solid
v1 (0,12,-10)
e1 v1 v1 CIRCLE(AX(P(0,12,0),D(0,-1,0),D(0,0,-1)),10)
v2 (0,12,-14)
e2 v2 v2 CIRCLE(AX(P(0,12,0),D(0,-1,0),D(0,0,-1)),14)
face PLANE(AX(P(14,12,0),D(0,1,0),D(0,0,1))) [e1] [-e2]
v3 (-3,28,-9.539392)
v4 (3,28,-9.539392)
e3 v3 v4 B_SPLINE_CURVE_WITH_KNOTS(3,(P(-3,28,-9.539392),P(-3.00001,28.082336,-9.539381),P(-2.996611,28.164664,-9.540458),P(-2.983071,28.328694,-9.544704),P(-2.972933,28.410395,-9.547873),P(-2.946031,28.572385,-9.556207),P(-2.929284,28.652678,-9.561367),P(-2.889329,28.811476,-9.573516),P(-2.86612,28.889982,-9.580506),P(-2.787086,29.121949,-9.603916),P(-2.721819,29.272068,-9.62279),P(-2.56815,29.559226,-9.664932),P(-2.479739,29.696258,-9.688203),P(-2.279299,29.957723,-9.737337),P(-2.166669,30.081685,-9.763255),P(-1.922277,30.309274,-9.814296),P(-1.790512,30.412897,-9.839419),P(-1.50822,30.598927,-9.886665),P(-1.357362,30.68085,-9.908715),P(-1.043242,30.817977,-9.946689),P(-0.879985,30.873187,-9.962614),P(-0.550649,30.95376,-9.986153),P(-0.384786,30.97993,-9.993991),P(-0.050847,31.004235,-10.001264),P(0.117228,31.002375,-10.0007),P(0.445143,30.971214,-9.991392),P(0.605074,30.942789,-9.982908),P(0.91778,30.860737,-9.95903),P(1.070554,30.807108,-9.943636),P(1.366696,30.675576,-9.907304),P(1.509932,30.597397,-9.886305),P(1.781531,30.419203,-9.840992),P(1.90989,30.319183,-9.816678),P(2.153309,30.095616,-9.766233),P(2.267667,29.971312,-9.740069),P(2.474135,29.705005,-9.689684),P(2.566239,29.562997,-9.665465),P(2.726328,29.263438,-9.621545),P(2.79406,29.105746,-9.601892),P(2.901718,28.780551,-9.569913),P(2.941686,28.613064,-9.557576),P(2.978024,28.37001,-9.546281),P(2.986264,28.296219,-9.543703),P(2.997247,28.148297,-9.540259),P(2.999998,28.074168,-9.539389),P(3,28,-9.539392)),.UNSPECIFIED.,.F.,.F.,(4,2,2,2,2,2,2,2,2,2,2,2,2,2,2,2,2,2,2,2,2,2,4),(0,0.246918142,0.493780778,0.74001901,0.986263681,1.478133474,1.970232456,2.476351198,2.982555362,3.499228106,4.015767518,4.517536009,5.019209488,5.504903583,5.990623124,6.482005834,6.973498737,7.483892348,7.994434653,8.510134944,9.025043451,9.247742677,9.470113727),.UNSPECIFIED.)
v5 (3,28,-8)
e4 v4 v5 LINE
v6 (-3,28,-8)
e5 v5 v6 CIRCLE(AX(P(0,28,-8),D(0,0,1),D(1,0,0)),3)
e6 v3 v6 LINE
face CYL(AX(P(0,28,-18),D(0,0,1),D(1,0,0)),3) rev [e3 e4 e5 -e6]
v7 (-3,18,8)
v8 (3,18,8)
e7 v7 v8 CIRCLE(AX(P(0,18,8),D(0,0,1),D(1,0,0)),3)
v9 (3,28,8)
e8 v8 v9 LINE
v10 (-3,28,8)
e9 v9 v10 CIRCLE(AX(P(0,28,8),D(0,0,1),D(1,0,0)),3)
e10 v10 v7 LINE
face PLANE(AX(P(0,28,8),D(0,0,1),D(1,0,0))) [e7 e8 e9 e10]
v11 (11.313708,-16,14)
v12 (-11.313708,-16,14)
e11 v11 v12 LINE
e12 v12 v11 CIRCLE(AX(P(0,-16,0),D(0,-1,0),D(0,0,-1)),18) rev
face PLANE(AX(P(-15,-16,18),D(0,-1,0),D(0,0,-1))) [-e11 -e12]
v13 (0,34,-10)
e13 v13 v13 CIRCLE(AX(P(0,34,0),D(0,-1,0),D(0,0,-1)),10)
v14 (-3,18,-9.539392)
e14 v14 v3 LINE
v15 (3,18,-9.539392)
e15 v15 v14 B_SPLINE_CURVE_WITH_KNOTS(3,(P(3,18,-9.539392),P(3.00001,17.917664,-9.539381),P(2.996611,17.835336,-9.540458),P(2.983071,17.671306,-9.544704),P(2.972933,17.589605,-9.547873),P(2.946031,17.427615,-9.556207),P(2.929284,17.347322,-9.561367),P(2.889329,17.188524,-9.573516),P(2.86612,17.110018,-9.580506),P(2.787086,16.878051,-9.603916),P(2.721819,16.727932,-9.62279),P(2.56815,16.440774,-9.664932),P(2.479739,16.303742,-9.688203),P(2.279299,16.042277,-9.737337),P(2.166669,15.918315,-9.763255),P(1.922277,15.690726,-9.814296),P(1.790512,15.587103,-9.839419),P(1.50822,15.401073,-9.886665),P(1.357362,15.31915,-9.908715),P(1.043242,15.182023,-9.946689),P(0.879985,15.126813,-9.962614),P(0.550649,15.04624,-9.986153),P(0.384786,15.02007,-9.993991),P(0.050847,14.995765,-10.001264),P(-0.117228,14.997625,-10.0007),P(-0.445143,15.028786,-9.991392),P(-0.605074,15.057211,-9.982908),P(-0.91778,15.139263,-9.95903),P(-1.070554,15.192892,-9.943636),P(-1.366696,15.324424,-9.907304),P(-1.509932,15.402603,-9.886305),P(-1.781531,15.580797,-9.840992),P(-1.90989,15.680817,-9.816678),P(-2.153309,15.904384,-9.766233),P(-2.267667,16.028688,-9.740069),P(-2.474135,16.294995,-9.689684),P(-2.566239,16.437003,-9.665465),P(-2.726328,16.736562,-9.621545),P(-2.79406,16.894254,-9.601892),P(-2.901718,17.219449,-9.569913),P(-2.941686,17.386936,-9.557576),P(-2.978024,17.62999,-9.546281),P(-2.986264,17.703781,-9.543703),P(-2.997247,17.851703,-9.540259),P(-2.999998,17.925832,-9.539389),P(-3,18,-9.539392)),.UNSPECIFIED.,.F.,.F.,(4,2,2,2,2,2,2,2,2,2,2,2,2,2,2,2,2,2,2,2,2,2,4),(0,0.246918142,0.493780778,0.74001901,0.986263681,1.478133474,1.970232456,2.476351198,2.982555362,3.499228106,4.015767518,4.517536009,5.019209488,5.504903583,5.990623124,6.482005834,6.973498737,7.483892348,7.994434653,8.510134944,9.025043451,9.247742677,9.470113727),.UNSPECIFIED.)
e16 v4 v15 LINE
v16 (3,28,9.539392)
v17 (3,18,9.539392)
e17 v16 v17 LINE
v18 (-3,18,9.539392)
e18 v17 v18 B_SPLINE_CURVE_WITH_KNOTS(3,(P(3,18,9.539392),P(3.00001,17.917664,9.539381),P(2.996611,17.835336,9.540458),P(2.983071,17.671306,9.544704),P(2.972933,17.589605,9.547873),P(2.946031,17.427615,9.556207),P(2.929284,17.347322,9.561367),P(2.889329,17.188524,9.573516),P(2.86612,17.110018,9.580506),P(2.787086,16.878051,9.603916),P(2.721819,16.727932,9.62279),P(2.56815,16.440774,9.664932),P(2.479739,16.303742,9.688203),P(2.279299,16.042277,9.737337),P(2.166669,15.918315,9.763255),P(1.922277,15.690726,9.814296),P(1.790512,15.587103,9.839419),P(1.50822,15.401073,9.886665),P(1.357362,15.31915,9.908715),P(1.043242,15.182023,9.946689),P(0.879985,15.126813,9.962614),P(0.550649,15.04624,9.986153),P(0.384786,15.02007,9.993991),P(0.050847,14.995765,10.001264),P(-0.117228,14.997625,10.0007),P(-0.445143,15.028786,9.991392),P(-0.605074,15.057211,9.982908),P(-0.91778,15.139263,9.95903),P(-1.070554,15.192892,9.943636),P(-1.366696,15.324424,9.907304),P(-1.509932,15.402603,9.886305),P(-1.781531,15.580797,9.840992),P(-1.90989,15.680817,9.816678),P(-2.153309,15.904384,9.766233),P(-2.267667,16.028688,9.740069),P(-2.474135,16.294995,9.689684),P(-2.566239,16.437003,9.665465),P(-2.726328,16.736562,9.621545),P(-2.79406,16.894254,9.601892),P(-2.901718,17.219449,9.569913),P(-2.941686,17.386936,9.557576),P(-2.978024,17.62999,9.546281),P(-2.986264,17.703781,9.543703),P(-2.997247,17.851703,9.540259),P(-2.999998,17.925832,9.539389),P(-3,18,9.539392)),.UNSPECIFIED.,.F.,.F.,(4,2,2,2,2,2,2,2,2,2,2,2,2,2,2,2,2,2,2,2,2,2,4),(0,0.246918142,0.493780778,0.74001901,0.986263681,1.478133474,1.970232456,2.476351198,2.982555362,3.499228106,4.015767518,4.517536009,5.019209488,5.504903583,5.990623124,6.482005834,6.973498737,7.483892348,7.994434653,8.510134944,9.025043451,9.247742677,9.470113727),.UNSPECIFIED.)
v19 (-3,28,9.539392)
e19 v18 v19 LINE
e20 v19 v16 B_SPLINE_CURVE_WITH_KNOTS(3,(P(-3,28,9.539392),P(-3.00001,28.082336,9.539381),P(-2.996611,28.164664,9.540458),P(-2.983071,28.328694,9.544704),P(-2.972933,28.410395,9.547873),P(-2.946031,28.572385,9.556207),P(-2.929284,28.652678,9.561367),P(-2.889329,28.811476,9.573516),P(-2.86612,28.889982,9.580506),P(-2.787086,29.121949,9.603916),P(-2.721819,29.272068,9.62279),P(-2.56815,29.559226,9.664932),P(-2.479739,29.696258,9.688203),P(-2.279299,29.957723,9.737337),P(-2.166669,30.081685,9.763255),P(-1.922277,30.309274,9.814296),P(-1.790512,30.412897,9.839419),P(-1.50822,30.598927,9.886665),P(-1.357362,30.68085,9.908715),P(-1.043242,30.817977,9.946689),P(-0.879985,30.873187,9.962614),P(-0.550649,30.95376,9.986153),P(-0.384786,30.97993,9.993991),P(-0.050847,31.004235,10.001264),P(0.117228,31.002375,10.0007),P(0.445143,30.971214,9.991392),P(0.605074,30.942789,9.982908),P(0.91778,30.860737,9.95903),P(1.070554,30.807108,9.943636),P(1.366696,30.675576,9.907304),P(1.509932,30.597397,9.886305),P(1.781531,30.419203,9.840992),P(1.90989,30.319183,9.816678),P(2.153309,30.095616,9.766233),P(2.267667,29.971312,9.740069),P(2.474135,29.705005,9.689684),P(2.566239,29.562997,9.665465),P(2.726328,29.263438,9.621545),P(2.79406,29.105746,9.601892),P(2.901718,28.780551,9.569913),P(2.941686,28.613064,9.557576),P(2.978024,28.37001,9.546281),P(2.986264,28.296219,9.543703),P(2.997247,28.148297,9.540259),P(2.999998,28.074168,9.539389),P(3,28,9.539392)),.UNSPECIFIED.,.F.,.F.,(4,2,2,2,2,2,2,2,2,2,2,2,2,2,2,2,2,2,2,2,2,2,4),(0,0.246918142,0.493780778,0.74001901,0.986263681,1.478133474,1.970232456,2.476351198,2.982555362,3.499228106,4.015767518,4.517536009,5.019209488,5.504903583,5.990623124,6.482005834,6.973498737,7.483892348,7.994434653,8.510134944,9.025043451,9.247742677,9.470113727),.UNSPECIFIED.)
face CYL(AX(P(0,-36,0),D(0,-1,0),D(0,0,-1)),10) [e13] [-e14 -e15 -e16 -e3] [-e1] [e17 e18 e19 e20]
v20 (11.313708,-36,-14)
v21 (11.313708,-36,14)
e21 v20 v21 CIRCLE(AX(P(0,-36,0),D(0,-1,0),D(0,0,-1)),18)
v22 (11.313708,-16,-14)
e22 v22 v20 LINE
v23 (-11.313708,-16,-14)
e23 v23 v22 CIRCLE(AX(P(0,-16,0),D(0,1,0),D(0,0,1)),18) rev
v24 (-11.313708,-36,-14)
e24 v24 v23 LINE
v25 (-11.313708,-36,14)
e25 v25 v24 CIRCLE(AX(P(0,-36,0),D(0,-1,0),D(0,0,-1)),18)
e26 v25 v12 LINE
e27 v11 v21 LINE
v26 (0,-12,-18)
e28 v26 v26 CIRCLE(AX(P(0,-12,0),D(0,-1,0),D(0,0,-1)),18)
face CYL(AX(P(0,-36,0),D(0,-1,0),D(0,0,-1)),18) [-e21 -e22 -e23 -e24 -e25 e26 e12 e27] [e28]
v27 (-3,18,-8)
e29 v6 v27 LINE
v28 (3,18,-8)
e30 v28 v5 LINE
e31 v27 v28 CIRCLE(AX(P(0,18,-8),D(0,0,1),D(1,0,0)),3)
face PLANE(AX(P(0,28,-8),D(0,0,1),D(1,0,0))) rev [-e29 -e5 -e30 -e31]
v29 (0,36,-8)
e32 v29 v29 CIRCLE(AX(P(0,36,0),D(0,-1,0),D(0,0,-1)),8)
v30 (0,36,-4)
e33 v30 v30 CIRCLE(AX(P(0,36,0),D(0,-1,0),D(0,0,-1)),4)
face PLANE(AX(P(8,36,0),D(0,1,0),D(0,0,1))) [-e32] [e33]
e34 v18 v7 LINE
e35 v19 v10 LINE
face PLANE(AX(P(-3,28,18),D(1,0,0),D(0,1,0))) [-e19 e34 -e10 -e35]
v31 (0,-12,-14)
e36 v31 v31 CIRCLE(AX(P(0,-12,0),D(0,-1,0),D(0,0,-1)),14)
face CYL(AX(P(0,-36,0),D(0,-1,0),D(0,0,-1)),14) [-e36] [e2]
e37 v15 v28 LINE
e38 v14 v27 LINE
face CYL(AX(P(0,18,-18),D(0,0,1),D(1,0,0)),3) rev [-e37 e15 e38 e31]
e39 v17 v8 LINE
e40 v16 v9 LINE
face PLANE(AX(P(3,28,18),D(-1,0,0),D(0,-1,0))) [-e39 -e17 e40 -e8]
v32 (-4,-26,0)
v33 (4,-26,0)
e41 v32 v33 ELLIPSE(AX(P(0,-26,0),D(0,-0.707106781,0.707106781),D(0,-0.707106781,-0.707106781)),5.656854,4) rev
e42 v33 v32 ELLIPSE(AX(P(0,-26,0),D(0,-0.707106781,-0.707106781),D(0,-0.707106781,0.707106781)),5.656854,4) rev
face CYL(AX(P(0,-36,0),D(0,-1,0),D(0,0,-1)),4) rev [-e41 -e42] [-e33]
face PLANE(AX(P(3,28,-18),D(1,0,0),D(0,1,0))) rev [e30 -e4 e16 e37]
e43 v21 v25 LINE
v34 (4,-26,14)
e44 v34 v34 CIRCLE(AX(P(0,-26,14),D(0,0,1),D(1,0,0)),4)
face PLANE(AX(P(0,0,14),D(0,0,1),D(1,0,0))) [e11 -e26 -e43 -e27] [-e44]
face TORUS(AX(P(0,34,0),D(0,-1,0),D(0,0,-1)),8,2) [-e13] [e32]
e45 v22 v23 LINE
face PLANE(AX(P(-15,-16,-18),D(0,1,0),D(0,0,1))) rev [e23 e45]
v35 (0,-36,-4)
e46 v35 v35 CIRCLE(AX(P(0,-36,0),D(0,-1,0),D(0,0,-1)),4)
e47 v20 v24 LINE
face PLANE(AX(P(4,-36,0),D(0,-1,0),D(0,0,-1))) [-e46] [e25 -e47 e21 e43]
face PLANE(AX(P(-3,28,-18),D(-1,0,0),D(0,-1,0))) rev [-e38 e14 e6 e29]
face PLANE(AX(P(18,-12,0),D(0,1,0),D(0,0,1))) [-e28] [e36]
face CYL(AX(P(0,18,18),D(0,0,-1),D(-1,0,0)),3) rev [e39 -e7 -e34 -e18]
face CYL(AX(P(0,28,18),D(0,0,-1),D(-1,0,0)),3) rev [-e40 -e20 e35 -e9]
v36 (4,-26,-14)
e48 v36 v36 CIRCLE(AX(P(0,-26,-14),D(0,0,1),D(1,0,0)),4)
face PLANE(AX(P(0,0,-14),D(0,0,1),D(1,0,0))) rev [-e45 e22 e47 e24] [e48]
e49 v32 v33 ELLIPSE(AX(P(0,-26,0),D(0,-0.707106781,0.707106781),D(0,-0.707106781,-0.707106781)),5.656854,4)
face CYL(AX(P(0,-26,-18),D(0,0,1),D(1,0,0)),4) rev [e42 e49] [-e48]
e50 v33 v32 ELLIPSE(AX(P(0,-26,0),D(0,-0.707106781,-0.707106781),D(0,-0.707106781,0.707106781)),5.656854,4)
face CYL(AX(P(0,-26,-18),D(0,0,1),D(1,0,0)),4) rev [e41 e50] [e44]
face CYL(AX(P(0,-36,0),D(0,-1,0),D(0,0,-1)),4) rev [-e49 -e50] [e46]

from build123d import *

# Parameters (mm, degrees)
CUT_EXTRUDE2_DEPTH      = 45.09081537
CUT_EXTRUDE2_DEPTH_BACK = 45.09081537
SKETCH2_R               = 4
CUT_EXTRUDE3_START      = -14
SKETCH2_4_W             = 30
SKETCH2_4_H             = 25.460379871
SKETCH2_4_R             = 4
CUT_EXTRUDE3_DEPTH      = 31.090815533
CUT_EXTRUDE4_START      = 14
SKETCH2_5_W             = 30
SKETCH2_5_H             = 25.460379871
SKETCH2_5_R             = 4
CUT_EXTRUDE4_DEPTH      = 31.090815533
CUT_EXTRUDE5_START      = -8
CUT_EXTRUDE5_DEPTH      = 10
CUT_EXTRUDE6_START      = 18
CUT_EXTRUDE6_DEPTH      = 10


with BuildPart() as part:
    # Sketch1 → Revolve1 (revolve)
    with BuildSketch(Plane.XY):
        with BuildLine():
            Line((18, -36), (18, -12))
            Line((18, -12), (14, -12))
            Line((14, -12), (14, 12))
            Line((14, 12), (10, 12))
            Line((10, 12), (10, 34))
            ThreePointArc((10, 34), (9.414213562, 35.414213562), (8, 36))
            Line((8, 36), (4, 36))
            Line((4, 36), (4, -36))
            Line((4, -36), (18, -36))
        make_face()
    revolve(axis=Axis((0, -36, 0), (0, 1, 0)))

    # Sketch2 → Cut-Extrude2 (cut, two sides: drawn at the far end of the back side and taken through both)
    with BuildSketch(Plane.XY.offset(-CUT_EXTRUDE2_DEPTH_BACK)):
        with Locations((0, -26)):
            Circle(SKETCH2_R)
    extrude(amount=CUT_EXTRUDE2_DEPTH + CUT_EXTRUDE2_DEPTH_BACK, mode=Mode.SUBTRACT)

    # Sketch2<4> → Cut-Extrude3 (cut, through all)
    with BuildSketch(Plane.XY.offset(CUT_EXTRUDE3_START)):
        with Locations((0, -28.730189936)):
            Rectangle(SKETCH2_4_W, SKETCH2_4_H)
        with Locations((0, -26)):
            Circle(SKETCH2_4_R, mode=Mode.SUBTRACT)
    extrude(amount=-CUT_EXTRUDE3_DEPTH, mode=Mode.SUBTRACT)

    # Sketch2<5> → Cut-Extrude4 (cut, through all)
    with BuildSketch(Plane.XY.offset(CUT_EXTRUDE4_START)):
        with Locations((0, -28.730189936)):
            Rectangle(SKETCH2_5_W, SKETCH2_5_H)
        with Locations((0, -26)):
            Circle(SKETCH2_5_R, mode=Mode.SUBTRACT)
    extrude(amount=CUT_EXTRUDE4_DEPTH, mode=Mode.SUBTRACT)

    # Sketch4 → Cut-Extrude5 (cut)
    with BuildSketch(Plane.XY.offset(CUT_EXTRUDE5_START)):
        with BuildLine():
            Line((3, 28), (3, 18))
            ThreePointArc((3, 18), (0, 15), (-3, 18))
            Line((-3, 18), (-3, 28))
            ThreePointArc((-3, 28), (0, 31), (3, 28))
        make_face()
    extrude(amount=-CUT_EXTRUDE5_DEPTH, mode=Mode.SUBTRACT)

    # Sketch4<2> → Cut-Extrude6 (cut)
    with BuildSketch(Plane.XY.offset(CUT_EXTRUDE6_START)):
        with BuildLine():
            Line((3, 28), (3, 18))
            ThreePointArc((3, 18), (0, 15), (-3, 18))
            Line((-3, 18), (-3, 28))
            ThreePointArc((-3, 28), (0, 31), (3, 28))
        make_face()
    extrude(amount=-CUT_EXTRUDE6_DEPTH, mode=Mode.SUBTRACT)


solid = part.part
